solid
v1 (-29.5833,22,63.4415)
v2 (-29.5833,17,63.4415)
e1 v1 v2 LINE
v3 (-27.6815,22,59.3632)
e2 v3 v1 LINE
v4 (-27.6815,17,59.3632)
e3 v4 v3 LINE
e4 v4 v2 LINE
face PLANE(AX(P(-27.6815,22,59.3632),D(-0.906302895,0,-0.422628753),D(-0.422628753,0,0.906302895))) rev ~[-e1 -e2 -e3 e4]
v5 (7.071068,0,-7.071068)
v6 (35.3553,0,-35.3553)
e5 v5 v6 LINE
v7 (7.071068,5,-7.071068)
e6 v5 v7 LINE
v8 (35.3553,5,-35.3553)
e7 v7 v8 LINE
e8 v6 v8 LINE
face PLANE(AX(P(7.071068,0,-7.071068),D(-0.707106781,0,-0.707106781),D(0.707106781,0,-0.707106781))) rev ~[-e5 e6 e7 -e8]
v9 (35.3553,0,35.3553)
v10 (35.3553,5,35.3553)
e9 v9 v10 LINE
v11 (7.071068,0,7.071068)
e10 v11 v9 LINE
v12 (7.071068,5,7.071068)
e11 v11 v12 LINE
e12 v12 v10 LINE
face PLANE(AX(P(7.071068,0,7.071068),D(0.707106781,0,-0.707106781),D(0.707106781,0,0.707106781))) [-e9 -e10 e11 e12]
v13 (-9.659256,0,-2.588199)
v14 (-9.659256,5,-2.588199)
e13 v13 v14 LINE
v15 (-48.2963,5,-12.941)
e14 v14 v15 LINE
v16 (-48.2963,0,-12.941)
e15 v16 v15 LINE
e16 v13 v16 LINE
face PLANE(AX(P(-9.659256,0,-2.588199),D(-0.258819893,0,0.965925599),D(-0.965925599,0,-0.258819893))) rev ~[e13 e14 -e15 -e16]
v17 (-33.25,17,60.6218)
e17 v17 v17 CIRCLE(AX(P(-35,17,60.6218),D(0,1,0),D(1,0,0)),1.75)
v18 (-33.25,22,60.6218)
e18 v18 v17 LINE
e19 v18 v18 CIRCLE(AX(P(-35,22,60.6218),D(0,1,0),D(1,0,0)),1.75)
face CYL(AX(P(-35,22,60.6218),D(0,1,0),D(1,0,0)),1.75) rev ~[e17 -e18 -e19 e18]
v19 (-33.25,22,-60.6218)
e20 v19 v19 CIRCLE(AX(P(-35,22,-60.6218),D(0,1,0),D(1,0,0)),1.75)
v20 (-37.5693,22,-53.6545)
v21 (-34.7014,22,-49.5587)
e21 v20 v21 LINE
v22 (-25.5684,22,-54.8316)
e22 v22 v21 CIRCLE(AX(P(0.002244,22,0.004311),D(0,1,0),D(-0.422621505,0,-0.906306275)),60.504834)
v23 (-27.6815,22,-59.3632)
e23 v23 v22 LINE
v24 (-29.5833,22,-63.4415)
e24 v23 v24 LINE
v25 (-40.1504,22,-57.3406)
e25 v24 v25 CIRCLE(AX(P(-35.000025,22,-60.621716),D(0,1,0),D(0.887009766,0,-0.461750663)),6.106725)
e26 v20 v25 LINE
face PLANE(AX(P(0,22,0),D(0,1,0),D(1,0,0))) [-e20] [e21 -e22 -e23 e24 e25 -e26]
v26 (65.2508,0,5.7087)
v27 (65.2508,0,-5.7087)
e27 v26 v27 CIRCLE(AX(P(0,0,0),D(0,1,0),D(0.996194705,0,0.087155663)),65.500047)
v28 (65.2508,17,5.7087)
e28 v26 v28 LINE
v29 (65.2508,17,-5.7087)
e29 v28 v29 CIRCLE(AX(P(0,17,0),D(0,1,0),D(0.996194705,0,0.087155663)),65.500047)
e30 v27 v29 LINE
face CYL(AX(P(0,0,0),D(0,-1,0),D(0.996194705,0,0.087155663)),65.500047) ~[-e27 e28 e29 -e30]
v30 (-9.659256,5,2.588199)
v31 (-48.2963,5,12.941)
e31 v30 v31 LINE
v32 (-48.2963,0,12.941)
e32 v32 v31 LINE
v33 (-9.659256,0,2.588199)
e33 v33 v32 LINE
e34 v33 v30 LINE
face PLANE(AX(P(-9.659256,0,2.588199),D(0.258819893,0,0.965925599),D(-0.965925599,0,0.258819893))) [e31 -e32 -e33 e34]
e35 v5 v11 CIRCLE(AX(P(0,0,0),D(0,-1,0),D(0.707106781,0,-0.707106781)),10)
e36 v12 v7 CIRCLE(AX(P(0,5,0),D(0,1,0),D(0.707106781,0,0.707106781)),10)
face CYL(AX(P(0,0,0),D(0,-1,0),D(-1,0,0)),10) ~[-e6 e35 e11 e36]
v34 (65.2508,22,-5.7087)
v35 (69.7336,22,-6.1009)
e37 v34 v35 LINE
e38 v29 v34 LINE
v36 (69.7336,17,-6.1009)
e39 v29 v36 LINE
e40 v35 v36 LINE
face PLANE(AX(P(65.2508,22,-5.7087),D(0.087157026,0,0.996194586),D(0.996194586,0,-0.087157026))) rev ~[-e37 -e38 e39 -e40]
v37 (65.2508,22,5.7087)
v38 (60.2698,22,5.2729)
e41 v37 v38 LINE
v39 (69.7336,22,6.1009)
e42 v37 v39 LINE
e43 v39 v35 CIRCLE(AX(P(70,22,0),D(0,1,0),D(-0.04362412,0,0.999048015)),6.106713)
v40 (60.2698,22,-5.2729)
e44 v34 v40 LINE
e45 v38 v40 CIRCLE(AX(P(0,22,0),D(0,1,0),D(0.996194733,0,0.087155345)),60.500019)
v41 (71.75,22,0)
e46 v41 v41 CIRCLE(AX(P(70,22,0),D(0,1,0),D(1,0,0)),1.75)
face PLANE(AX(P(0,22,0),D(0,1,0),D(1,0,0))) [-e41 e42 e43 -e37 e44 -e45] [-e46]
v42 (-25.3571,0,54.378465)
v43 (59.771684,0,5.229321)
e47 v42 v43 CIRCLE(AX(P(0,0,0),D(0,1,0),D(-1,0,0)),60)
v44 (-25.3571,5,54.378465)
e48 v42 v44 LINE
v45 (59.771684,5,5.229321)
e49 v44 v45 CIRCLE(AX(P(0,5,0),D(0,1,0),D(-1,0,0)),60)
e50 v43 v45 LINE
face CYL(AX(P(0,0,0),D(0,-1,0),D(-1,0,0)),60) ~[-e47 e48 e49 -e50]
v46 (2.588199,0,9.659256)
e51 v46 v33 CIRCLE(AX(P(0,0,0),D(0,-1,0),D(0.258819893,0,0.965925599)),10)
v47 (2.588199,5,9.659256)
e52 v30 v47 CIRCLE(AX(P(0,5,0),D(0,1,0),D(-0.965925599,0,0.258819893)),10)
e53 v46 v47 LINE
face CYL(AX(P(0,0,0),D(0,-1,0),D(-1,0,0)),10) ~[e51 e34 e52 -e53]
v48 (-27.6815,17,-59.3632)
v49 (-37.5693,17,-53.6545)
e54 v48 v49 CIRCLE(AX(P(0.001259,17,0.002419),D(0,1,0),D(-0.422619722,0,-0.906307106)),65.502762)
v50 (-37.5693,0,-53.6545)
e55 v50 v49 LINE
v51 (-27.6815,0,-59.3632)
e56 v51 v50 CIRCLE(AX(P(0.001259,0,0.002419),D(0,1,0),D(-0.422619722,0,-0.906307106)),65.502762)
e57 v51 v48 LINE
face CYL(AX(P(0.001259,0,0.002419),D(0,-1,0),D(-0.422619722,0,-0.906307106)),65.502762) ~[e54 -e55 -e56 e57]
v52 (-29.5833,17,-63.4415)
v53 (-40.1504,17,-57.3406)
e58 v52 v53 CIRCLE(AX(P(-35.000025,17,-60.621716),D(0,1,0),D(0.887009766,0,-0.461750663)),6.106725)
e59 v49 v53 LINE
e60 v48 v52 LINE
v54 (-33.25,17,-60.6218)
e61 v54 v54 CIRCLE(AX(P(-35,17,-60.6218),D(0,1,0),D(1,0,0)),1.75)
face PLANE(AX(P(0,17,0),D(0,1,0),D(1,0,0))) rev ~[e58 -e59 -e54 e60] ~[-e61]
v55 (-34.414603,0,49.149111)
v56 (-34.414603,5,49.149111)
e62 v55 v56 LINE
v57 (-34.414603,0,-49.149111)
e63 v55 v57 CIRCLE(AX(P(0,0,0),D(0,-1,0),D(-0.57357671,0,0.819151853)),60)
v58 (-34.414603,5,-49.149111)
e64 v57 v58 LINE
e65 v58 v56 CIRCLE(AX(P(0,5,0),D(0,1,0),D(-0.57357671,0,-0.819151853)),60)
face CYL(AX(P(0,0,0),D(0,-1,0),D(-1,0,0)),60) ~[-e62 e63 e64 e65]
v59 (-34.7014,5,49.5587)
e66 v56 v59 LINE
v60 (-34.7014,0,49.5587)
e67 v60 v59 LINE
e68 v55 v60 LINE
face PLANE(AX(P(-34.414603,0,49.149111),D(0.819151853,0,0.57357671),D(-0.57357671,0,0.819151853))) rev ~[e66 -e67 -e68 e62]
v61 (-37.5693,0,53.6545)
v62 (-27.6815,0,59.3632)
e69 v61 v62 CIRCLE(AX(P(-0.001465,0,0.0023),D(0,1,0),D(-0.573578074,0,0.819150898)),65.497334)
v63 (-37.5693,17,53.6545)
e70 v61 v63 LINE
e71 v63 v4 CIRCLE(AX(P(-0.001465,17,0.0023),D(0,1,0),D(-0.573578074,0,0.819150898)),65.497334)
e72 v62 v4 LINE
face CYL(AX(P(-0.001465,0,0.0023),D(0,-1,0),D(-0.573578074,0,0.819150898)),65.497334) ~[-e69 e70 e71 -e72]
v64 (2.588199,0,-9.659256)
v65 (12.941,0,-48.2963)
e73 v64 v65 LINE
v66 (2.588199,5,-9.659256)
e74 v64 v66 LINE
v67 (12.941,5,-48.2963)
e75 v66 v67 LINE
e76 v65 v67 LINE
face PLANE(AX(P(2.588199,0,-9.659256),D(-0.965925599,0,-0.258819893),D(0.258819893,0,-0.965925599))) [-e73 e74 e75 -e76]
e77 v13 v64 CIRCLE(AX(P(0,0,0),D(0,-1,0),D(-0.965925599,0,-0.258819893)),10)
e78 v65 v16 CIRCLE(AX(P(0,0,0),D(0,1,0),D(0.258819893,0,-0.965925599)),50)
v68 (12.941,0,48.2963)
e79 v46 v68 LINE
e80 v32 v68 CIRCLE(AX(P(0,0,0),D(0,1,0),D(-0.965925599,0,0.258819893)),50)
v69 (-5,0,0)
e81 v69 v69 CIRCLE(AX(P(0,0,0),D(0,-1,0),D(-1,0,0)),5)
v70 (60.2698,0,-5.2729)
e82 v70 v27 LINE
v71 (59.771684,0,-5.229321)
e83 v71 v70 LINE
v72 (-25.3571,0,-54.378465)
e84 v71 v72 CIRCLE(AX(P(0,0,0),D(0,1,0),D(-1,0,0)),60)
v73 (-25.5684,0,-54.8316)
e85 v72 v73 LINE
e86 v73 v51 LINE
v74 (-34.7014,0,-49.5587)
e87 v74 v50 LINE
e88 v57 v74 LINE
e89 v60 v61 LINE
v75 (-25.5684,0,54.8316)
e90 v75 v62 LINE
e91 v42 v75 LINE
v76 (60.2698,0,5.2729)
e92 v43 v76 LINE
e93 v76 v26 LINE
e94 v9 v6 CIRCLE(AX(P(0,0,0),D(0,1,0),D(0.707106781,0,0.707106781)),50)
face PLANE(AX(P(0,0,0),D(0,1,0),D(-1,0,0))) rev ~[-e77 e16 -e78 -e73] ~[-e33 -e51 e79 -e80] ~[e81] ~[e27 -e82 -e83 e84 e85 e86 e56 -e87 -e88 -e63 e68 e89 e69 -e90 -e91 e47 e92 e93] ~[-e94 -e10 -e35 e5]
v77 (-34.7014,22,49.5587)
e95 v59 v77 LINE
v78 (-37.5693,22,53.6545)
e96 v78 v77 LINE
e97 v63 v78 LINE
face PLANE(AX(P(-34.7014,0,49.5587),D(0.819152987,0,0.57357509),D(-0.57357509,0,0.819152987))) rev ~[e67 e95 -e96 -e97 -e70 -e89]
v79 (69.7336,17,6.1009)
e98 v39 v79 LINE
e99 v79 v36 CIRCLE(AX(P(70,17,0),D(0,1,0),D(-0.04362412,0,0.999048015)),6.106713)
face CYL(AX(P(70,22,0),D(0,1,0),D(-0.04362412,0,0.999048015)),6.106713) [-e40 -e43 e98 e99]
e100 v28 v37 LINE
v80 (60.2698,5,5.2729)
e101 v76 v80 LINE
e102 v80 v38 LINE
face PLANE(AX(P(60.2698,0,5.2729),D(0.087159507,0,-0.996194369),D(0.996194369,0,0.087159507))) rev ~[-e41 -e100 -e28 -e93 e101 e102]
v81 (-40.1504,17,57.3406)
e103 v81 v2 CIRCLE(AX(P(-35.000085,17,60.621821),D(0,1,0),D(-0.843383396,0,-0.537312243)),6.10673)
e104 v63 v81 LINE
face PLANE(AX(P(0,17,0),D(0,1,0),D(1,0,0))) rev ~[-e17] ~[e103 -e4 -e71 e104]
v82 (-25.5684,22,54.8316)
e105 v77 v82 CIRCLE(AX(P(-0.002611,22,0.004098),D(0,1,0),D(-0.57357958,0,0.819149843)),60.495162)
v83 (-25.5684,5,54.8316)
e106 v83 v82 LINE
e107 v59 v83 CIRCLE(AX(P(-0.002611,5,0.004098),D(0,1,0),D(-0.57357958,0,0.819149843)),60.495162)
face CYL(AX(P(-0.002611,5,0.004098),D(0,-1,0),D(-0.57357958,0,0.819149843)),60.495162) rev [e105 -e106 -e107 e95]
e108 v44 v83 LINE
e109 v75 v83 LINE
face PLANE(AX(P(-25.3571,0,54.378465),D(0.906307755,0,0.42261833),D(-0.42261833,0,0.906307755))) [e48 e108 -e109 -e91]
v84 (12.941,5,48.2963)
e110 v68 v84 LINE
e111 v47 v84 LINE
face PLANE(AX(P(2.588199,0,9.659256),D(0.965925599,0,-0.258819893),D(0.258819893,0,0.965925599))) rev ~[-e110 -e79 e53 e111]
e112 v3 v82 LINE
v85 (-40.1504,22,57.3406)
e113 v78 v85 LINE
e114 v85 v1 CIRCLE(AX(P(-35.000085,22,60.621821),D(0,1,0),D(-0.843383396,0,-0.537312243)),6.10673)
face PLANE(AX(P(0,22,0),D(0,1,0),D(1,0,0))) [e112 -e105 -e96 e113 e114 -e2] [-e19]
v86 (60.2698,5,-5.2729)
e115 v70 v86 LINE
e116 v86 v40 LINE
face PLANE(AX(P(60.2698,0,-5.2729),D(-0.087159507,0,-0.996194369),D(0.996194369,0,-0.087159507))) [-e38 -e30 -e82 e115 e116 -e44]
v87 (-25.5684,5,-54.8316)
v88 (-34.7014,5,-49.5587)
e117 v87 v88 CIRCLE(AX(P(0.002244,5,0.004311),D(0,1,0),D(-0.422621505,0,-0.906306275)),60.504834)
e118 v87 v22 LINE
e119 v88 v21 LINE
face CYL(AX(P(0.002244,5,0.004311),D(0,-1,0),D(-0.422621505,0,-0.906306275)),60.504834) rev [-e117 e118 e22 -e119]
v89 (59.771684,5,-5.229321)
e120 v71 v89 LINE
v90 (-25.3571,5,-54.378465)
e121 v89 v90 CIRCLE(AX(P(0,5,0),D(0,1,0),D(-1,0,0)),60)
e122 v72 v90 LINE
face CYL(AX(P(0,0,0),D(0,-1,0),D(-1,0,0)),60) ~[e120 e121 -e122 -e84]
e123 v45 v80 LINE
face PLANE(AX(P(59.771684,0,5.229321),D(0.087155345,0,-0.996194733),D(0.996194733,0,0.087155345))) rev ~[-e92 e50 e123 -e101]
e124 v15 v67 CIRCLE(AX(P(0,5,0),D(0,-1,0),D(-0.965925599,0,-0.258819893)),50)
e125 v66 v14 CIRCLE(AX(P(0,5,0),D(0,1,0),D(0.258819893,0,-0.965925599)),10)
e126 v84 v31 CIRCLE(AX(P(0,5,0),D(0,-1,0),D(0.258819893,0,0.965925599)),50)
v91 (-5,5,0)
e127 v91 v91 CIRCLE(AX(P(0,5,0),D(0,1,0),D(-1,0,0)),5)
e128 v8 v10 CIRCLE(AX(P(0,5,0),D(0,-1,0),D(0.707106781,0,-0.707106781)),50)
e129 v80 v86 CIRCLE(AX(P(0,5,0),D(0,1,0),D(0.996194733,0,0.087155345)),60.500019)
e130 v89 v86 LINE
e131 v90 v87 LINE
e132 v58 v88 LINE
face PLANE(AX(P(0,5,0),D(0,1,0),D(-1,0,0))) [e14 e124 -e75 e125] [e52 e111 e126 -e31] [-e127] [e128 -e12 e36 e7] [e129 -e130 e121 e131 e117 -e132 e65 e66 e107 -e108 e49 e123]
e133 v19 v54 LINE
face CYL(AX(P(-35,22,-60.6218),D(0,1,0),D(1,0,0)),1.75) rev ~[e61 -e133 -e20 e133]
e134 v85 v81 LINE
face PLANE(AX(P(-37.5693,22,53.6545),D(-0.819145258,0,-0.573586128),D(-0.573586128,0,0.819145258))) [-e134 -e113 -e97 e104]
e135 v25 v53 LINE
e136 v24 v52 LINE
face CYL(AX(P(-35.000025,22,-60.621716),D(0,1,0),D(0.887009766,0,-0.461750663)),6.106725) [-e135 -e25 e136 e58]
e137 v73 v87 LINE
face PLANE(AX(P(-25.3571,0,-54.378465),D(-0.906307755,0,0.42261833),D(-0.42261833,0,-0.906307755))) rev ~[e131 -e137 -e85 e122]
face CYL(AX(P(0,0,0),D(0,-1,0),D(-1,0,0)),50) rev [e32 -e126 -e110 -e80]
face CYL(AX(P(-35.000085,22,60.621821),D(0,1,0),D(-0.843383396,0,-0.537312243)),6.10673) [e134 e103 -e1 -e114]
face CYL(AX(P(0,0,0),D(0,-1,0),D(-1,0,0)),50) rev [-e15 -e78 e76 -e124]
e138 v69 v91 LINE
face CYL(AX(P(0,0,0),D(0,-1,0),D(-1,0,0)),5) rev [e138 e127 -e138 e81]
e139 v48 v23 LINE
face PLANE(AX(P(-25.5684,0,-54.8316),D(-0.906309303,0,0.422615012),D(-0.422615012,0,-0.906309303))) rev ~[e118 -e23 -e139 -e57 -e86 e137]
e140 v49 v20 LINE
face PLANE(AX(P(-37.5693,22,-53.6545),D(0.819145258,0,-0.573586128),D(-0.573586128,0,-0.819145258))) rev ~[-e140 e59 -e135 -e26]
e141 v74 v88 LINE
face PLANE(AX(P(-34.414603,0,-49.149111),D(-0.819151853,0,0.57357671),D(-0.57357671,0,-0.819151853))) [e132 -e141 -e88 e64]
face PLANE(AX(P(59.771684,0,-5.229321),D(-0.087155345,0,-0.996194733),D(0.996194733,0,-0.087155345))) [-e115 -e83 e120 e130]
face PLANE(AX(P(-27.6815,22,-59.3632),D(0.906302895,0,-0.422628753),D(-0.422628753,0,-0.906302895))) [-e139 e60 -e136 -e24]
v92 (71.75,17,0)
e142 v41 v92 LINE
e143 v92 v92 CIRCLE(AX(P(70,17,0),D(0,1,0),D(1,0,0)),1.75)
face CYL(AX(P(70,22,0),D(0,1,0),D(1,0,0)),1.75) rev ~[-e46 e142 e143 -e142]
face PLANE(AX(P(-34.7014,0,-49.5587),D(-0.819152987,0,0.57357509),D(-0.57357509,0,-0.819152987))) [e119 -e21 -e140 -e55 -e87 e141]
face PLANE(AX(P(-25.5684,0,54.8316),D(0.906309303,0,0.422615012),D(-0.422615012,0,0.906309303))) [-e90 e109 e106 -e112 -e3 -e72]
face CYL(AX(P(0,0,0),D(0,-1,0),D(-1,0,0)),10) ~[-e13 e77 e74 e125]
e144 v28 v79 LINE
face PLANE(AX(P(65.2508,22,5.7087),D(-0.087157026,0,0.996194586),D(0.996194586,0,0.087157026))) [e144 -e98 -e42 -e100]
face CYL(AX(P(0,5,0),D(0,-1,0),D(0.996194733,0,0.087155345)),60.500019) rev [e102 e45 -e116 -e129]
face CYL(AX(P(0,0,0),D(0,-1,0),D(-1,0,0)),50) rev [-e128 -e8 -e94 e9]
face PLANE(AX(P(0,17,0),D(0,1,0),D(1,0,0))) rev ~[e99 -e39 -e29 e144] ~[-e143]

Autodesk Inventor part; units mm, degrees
ref_plane "YZ Plane" through (0, 0, 0) normal (1, 0, 0) x (0, 1, 0)
ref_plane "XZ Plane" through (0, 0, 0) normal (0, 1, 0) x (-1, 0, 0)
ref_plane "XY Plane" through (0, 0, 0) normal (0, 0, 1) x (1, 0, 0)
sketch "Sketch1" plane through (0, 0, 0) normal (0, 1, 0) x (-1, 0, 0)
  line L0 (0, 0) -> (48.2963, -12.941)
  line L1 (0, 0) -> (50, 0) construction
  line L2 (0, 0) -> (48.2963, 12.941)
  line L3 (0, 0) -> (50, 0) construction
  arc A0 (48.2963, -12.941) -> (48.2963, 12.941) centre (0, 0) ccw
  arc A1 (-12.941, 48.2963) -> (-35.3553, 35.3553) centre (0, 0) ccw
  line L4 (0, 0) -> (-12.941, 48.2963)
  line L5 (0, 0) -> (-35.3553, 35.3553)
  arc A2 (-35.3553, -35.3553) -> (-12.941, -48.2963) centre (0, 0) ccw
  line L6 (0, 0) -> (-35.3553, -35.3553)
  line L7 (0, 0) -> (-12.941, -48.2963)
  circle A3 centre (0, 0) radius 5
  circle A4 centre (0, 0) radius 10
  line L8 (0, 0) -> (34.7014, -49.5587)
  line L9 (0, 0) -> (60.5, 0) construction
  line L10 (0, 0) -> (25.5684, -54.8316)
  line L11 (0, 0) -> (60.5, 0) construction
  line L12 (25.5684, -54.8316) -> (27.6815, -59.3632)
  line L13 (34.7014, -49.5587) -> (37.5693, -53.6545)
  arc A5 (27.6815, -59.3632) -> (37.5693, -53.6545) centre (0, 0) ccw
  circle A6 centre (0, 0) radius 50
  circle A7 centre (0, 0) radius 60
  line L14 (0, 0) -> (25.5684, 54.8316)
  line L15 (25.5684, 54.8316) -> (27.6815, 59.3632)
  arc A8 (37.5693, 53.6545) -> (27.6815, 59.3632) centre (0, 0) ccw
  line L16 (0, 0) -> (34.7014, 49.5587)
  line L17 (34.7014, 49.5587) -> (37.5693, 53.6545)
  line L18 (0, 0) -> (-60.2698, -5.2729)
  line L19 (-60.2698, -5.2729) -> (-65.2508, -5.7087)
  arc A9 (-65.2508, 5.7087) -> (-65.2508, -5.7087) centre (0, 0) ccw
  line L20 (0, 0) -> (-60.2698, 5.2729)
  line L21 (-60.2698, 5.2729) -> (-65.2508, 5.7087)
  point P0 (9.6593, -2.5882)
  point P1 (9.6593, 2.5882)
  point P2 (-2.5882, 9.6593)
  point P3 (-7.0711, 7.0711)
  point P4 (-7.0711, -7.0711)
  point P5 (-2.5882, -9.6593)
  point P6 (4.2262, -9.0631)
  point P7 (5.7358, -8.1915)
  point P8 (-35.3553, -35.3553)
  point P9 (-35.3553, 35.3553)
  point P10 (-12.941, 48.2963)
  point P11 (-12.941, -48.2963)
  point P12 (25.3571, -54.3785)
  point P13 (34.4146, -49.1491)
  point P14 (34.4146, 49.1491)
  point P15 (25.3571, 54.3785)
  point P16 (-59.7717, 5.2293)
  point P17 (-59.7717, -5.2293)
  dimension "d0" = 50
  dimension "d1" = 15
  dimension "d2" = 50
  dimension "d3" = 15
  dimension "d4" = 50
  dimension "d7" = 360
  dimension "d9" = 10
  dimension "d10" = 20
  dimension "d11" = 60.5
  dimension "d12" = 55
  dimension "d13" = 60.5
  dimension "d14" = 65
  dimension "d16" = 5
  dimension "d17" = 5
  dimension "d18" = 65.5
  dimension "d25" = 100
  dimension "d26" = 120
  dimension "d29" = 360
extrude "Extrusion2" add sketch "Sketch1" along normal blind 5 contours A3 L2 A4 L0 | L0 A4 L8 A3 | A3 L16 A4 L2 | A3 L5 A4 L4 | L4 A4 L14 A3 | A3 L20 A4 L5 | A3 L7 A4 L6 | L6 A4 L18 A3 | A3 L10 A4 L7 | L8 A4 L10 A3 | L14 A4 L16 A3 | L18 A4 L20 A3 | A4 L2 A0 L0 | A4 L5 A1 L4 | A4 L7 A2 L6 | A0 A6 L16 A7 L8 | A1 A6 L20 A7 L14 | A2 A6 L10 A7 L18 | L8 A7 L10 A6 | L14 A7 L16 A6 | L18 A7 L20 A6 | L8 L13 A5 L12 L10 A7 | L14 L15 A8 L17 L16 A7 | L18 L19 A9 L21 L20 A7
sketch "Sketch3" plane through (0, 5, 0) normal (0, 1, 0) x (1, 0, 0)
  circle A0 centre (0, 0) radius 5 projected
  arc A1 (65.2508, -5.7087) -> (65.2508, 5.7087) centre (0, 0) ccw projected
  arc A2 (65.2508, -5.7087) -> (65.2508, 5.7087) centre (0, 0) ccw
  line L0 (65.2508, 5.7087) -> (60.2698, 5.2729)
  line L1 (65.2508, 5.7087) -> (59.7717, 5.2293) projected
  line L2 (65.2508, -5.7087) -> (60.2698, -5.2729)
  line L3 (59.7717, -5.2293) -> (65.2508, -5.7087) projected
  arc A3 (60.2698, -5.2729) -> (60.2698, 5.2729) centre (0, 0) ccw
  arc A4 (-27.6815, 59.3632) -> (-37.5693, 53.6545) centre (0, 0) ccw
  line L4 (-37.5693, 53.6545) -> (-34.7014, 49.5587)
  arc A5 (-25.5684, 54.8316) -> (-34.7014, 49.5587) centre (0, 0) ccw
  line L5 (-27.6815, 59.3632) -> (-25.5684, 54.8316)
  arc A6 (-37.5693, -53.6545) -> (-27.6815, -59.3632) centre (0, 0) ccw
  line L6 (-27.6815, -59.3632) -> (-25.5684, -54.8316)
  arc A7 (-34.7014, -49.5587) -> (-25.5684, -54.8316) centre (0, 0) ccw
  line L7 (-37.5693, -53.6545) -> (-34.7014, -49.5587)
  dimension "d40" = 5
  dimension "d41" = 5
  dimension "d42" = 60.5
  dimension "d45" = 360
extrude "Extrusion3" add sketch "Sketch3" along normal blind 17 contours L2 A3 L0 A1 | L5 A5 L4 A4 | L7 A7 L6 A6
sketch "Sketch4" plane through (0, 22, 0) normal (0, 1, 0) x (1, 0, 0)
  arc A0 (-27.6815, 59.3632) -> (-37.5693, 53.6545) centre (0, 0) ccw projected
  arc A1 (-27.6815, 59.3632) -> (-37.5693, 53.6545) centre (0, 0) ccw
  line L0 (-27.6815, 59.3632) -> (-29.5833, 63.4415)
  line L1 (-27.6815, 59.3632) -> (-23.1815, 59.3632) construction
  line L2 (-37.5693, 53.6545) -> (-40.1504, 57.3406)
  line L3 (-37.5693, 53.6545) -> (-33.0693, 53.6545) construction
  circle A2 centre (-35, 60.6218) radius 1.75
  arc A3 (-29.5833, 63.4415) -> (-40.1504, 57.3406) centre (-35, 60.6218) ccw
  arc A4 (-40.1504, -57.3406) -> (-29.5833, -63.4415) centre (-35, -60.6218) ccw
  circle A5 centre (-35, -60.6218) radius 1.75
  line L4 (-37.5693, -53.6545) -> (-40.1504, -57.3406)
  line L5 (-27.6815, -59.3632) -> (-29.5833, -63.4415)
  arc A6 (-37.5693, -53.6545) -> (-27.6815, -59.3632) centre (0, 0) ccw
  arc A7 (69.7336, -6.1009) -> (69.7336, 6.1009) centre (70, 0) ccw
  circle A8 centre (70, 0) radius 1.75
  line L6 (65.2508, -5.7087) -> (69.7336, -6.1009)
  line L7 (65.2508, 5.7087) -> (69.7336, 6.1009)
  arc A9 (65.2508, -5.7087) -> (65.2508, 5.7087) centre (0, 0) ccw
  point P0 (0, 0)
  dimension "d50" = 4.5
  dimension "d51" = 115
  dimension "d52" = 4.5
  dimension "d53" = 125
  dimension "d63" = 3.5
  dimension "d66" = 360
  dimension "d70" = 70
extrude "Extrusion5" add sketch "Sketch4" against normal blind 5
properties part number "MechSwitch_DielecTop"
